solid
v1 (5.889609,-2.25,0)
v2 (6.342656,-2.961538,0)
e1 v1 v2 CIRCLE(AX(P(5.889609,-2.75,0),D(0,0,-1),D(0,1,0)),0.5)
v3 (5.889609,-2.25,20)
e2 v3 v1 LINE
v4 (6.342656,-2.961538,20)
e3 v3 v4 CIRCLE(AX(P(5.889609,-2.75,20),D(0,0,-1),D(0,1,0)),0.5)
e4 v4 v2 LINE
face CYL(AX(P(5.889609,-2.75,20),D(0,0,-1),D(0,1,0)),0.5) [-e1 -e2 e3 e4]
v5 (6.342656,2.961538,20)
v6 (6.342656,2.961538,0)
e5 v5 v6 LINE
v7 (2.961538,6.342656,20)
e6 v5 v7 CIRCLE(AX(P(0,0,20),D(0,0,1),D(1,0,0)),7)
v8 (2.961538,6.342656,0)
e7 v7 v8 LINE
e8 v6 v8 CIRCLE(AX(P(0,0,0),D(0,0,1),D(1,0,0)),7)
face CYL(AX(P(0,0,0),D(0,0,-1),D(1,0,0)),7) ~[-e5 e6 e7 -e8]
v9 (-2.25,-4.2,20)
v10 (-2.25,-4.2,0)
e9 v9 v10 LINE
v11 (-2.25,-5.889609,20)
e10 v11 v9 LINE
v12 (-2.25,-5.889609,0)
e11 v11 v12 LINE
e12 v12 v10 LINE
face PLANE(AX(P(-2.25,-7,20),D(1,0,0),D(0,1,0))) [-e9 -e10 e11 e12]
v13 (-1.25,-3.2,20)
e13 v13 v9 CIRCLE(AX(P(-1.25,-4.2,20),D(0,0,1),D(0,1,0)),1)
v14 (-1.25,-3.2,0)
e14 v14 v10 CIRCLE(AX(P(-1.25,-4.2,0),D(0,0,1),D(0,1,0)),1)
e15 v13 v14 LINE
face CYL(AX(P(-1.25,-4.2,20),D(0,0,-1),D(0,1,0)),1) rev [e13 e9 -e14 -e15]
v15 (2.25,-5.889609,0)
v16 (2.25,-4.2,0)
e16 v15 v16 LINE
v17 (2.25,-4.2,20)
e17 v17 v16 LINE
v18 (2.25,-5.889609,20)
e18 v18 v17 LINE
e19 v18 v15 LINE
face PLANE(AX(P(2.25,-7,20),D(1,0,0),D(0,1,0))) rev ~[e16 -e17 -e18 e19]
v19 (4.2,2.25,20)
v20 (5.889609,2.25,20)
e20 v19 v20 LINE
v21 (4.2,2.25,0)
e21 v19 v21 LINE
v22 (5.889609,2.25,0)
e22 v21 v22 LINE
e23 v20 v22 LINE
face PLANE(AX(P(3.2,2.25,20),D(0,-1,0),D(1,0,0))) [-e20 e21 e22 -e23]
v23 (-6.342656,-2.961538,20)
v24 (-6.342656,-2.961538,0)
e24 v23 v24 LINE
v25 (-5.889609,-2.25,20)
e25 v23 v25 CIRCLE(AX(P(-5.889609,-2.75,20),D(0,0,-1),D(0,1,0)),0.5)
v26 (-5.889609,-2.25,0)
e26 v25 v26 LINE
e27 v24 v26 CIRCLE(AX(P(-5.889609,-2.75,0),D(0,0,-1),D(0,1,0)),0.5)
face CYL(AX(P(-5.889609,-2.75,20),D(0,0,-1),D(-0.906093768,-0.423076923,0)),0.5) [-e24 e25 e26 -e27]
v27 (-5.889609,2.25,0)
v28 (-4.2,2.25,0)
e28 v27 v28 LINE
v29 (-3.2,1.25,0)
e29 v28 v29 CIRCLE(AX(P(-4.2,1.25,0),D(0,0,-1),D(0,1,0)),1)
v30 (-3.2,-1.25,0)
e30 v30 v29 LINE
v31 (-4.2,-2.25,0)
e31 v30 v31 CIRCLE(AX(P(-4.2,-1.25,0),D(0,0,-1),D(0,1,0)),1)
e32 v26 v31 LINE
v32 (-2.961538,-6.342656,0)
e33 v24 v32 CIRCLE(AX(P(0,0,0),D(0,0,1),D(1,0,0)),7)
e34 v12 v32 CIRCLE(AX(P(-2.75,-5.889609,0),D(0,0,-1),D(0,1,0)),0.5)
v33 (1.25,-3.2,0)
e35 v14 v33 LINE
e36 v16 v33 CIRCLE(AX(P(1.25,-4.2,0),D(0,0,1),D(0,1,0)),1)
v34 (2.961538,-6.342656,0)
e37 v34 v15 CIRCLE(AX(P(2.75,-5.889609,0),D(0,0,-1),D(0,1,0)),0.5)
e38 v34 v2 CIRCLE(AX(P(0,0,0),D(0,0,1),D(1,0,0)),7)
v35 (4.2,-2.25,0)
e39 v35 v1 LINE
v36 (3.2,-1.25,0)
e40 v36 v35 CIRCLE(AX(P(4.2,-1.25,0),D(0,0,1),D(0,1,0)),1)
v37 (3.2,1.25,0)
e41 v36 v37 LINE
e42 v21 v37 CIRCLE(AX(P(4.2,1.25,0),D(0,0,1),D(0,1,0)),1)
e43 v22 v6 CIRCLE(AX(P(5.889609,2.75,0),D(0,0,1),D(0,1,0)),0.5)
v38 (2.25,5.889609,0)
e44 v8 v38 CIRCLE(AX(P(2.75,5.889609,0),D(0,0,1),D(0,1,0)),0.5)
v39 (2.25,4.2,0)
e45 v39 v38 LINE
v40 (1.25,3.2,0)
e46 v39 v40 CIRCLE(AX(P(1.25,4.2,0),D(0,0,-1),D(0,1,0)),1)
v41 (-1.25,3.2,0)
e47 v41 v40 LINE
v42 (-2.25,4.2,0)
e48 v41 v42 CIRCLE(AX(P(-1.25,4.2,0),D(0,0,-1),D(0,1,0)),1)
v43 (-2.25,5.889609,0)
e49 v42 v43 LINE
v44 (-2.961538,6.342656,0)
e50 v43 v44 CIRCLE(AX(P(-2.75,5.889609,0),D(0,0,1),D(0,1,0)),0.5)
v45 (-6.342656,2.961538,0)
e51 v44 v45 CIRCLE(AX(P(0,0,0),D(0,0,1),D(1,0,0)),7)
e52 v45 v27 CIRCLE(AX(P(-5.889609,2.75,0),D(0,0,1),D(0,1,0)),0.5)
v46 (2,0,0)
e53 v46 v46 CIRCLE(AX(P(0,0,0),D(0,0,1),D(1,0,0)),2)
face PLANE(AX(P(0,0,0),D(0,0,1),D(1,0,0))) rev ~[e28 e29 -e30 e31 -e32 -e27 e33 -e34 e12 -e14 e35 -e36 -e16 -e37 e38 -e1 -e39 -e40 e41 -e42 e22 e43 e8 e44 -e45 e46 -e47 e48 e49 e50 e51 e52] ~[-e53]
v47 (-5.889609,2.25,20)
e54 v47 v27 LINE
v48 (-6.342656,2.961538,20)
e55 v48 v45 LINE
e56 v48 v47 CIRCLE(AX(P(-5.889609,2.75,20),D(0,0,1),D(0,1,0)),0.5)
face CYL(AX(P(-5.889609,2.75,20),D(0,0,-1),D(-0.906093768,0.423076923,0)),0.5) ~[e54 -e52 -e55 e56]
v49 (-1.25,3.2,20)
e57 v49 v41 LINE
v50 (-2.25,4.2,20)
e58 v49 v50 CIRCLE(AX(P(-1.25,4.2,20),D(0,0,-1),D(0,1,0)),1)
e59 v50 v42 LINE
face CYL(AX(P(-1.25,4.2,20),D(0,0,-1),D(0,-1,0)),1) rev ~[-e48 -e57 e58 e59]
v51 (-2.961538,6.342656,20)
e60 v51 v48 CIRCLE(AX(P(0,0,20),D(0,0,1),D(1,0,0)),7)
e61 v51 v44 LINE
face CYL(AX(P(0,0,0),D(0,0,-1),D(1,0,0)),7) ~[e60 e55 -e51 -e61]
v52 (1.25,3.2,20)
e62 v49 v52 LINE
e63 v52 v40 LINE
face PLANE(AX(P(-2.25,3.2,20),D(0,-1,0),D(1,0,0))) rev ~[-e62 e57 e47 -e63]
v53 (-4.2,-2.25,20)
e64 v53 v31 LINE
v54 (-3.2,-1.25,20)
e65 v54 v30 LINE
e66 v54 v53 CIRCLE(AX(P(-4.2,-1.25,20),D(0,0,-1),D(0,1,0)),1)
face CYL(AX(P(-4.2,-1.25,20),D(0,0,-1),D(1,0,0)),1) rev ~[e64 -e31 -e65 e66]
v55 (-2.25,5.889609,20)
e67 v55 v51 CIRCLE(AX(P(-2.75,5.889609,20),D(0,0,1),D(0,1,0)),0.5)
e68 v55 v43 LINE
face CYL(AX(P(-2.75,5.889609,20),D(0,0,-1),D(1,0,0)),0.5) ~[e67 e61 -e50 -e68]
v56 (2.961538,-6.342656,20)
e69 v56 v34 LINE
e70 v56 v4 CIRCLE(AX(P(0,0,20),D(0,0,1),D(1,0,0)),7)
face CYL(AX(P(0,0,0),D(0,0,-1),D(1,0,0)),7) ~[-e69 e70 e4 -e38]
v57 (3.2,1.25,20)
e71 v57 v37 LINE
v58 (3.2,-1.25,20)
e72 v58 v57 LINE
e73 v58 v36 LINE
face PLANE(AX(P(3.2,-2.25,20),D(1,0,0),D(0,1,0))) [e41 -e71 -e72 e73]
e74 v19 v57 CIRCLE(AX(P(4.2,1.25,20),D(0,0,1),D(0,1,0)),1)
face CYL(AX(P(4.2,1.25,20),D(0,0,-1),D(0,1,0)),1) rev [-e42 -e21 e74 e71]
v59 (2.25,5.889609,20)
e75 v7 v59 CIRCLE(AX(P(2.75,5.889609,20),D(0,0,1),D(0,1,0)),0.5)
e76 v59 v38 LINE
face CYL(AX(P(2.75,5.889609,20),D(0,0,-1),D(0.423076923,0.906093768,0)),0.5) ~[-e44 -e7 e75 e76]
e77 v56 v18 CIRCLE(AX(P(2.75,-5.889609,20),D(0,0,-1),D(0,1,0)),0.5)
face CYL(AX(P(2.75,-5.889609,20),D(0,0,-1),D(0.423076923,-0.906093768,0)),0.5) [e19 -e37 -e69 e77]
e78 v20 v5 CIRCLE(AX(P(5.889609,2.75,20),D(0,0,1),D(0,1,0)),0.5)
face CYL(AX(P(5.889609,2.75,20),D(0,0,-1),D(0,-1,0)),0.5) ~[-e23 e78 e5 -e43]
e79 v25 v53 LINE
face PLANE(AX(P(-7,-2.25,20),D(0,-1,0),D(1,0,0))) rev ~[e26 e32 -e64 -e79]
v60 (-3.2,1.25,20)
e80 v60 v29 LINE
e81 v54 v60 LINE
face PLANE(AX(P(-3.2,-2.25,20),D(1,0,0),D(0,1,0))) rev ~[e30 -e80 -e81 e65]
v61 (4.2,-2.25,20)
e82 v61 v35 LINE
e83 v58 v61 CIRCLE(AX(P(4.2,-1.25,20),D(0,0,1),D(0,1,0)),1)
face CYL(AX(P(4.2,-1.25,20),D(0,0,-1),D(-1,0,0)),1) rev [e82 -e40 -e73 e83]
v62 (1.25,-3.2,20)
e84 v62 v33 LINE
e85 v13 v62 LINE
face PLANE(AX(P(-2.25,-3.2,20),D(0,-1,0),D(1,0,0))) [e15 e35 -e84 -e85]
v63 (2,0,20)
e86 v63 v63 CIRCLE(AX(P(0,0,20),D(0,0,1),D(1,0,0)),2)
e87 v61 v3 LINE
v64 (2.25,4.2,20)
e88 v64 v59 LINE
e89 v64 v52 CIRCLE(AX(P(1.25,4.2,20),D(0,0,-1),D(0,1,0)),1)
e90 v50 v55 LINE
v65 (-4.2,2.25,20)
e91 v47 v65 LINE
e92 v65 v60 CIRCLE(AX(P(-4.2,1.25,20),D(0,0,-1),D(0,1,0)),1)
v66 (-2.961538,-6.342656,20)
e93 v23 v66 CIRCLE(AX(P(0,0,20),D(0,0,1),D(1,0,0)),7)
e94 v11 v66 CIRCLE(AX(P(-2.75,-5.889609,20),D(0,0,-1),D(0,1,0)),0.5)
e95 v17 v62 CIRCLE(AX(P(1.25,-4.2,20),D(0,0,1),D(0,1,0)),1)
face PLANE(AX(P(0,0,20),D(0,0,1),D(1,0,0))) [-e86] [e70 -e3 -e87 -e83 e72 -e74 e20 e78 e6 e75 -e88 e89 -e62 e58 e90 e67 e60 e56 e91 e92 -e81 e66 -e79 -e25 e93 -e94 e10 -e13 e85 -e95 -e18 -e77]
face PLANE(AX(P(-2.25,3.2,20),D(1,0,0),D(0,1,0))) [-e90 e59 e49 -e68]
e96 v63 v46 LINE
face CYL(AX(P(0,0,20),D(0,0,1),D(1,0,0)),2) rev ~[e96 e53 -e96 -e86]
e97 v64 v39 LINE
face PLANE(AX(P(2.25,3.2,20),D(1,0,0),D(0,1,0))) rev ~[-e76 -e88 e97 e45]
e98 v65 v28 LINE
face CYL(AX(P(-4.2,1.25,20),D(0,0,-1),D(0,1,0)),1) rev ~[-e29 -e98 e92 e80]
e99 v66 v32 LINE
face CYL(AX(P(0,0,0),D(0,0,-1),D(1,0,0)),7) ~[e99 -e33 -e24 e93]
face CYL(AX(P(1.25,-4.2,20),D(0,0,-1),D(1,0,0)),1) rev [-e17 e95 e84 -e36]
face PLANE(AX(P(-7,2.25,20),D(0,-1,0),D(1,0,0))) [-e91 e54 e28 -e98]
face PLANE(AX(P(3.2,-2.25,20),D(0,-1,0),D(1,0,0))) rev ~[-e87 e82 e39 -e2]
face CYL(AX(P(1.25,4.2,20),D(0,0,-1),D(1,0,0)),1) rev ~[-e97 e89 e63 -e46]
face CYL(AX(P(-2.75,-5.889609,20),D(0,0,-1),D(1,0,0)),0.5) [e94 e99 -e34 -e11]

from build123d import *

# Parameters (mm, degrees)
SKETCH_2_R          = 7
EXTRUDE_1_DEPTH     = 20
SKETCH_4_W          = 4.5
SKETCH_4_H          = 3.8
SKETCH_4_W_2        = 3.8
SKETCH_4_H_2        = 4.5
CUT_EXTRUDE_1_DEPTH = 20
SKETCH_5_R          = 2
CUT_EXTRUDE_2_DEPTH = 20
FILLET_1_R          = 1
FILLET_2_R          = 0.5


with BuildPart() as part:
    # 草图2 → 凸台-拉伸1 (new body)
    with BuildSketch(Plane.XY):
        Circle(SKETCH_2_R)
    extrude(amount=EXTRUDE_1_DEPTH)

    # 草图4 → 切除-拉伸1 (cut)
    with BuildSketch(Plane.XY.offset(20)):
        with Locations((0, 5.1)):
            Rectangle(SKETCH_4_W, SKETCH_4_H)
        with Locations((5.1, 0)):
            Rectangle(SKETCH_4_W_2, SKETCH_4_H_2)
        with Locations((0, -5.1)):
            Rectangle(SKETCH_4_W, SKETCH_4_H)
        with Locations((-5.1, 0)):
            Rectangle(SKETCH_4_W_2, SKETCH_4_H_2)
    extrude(amount=-CUT_EXTRUDE_1_DEPTH, mode=Mode.SUBTRACT)

    # 草图5 → 切除-拉伸2 (cut)
    with BuildSketch(Plane.XY.offset(20)):
        Circle(SKETCH_5_R)
    extrude(amount=-CUT_EXTRUDE_2_DEPTH, mode=Mode.SUBTRACT)

    # 圆角1
    fillet_1_edges = [part.edges().sort_by_distance(p)[0] for p in [
        (-2.25, 3.2, 10),
        (2.25, 3.2, 10),
        (3.2, 2.25, 10),
        (3.2, -2.25, 10),
        (2.25, -3.2, 10),
        (-2.25, -3.2, 10),
        (-3.2, -2.25, 10),
        (-3.2, 2.25, 10),
    ]]
    fillet(fillet_1_edges, radius=FILLET_1_R)

    # 圆角2
    fillet_2_edges = [part.edges().sort_by_distance(p)[0] for p in [
        (-2.25, 6.628536792, 10),
        (2.25, 6.628536792, 10),
        (6.628536792, -2.25, 10),
        (6.628536792, 2.25, 10),
        (2.25, -6.628536792, 10),
        (-2.25, -6.628536792, 10),
        (-6.628536792, 2.25, 10),
        (-6.628536792, -2.25, 10),
    ]]
    fillet(fillet_2_edges, radius=FILLET_2_R)


solid = part.part
